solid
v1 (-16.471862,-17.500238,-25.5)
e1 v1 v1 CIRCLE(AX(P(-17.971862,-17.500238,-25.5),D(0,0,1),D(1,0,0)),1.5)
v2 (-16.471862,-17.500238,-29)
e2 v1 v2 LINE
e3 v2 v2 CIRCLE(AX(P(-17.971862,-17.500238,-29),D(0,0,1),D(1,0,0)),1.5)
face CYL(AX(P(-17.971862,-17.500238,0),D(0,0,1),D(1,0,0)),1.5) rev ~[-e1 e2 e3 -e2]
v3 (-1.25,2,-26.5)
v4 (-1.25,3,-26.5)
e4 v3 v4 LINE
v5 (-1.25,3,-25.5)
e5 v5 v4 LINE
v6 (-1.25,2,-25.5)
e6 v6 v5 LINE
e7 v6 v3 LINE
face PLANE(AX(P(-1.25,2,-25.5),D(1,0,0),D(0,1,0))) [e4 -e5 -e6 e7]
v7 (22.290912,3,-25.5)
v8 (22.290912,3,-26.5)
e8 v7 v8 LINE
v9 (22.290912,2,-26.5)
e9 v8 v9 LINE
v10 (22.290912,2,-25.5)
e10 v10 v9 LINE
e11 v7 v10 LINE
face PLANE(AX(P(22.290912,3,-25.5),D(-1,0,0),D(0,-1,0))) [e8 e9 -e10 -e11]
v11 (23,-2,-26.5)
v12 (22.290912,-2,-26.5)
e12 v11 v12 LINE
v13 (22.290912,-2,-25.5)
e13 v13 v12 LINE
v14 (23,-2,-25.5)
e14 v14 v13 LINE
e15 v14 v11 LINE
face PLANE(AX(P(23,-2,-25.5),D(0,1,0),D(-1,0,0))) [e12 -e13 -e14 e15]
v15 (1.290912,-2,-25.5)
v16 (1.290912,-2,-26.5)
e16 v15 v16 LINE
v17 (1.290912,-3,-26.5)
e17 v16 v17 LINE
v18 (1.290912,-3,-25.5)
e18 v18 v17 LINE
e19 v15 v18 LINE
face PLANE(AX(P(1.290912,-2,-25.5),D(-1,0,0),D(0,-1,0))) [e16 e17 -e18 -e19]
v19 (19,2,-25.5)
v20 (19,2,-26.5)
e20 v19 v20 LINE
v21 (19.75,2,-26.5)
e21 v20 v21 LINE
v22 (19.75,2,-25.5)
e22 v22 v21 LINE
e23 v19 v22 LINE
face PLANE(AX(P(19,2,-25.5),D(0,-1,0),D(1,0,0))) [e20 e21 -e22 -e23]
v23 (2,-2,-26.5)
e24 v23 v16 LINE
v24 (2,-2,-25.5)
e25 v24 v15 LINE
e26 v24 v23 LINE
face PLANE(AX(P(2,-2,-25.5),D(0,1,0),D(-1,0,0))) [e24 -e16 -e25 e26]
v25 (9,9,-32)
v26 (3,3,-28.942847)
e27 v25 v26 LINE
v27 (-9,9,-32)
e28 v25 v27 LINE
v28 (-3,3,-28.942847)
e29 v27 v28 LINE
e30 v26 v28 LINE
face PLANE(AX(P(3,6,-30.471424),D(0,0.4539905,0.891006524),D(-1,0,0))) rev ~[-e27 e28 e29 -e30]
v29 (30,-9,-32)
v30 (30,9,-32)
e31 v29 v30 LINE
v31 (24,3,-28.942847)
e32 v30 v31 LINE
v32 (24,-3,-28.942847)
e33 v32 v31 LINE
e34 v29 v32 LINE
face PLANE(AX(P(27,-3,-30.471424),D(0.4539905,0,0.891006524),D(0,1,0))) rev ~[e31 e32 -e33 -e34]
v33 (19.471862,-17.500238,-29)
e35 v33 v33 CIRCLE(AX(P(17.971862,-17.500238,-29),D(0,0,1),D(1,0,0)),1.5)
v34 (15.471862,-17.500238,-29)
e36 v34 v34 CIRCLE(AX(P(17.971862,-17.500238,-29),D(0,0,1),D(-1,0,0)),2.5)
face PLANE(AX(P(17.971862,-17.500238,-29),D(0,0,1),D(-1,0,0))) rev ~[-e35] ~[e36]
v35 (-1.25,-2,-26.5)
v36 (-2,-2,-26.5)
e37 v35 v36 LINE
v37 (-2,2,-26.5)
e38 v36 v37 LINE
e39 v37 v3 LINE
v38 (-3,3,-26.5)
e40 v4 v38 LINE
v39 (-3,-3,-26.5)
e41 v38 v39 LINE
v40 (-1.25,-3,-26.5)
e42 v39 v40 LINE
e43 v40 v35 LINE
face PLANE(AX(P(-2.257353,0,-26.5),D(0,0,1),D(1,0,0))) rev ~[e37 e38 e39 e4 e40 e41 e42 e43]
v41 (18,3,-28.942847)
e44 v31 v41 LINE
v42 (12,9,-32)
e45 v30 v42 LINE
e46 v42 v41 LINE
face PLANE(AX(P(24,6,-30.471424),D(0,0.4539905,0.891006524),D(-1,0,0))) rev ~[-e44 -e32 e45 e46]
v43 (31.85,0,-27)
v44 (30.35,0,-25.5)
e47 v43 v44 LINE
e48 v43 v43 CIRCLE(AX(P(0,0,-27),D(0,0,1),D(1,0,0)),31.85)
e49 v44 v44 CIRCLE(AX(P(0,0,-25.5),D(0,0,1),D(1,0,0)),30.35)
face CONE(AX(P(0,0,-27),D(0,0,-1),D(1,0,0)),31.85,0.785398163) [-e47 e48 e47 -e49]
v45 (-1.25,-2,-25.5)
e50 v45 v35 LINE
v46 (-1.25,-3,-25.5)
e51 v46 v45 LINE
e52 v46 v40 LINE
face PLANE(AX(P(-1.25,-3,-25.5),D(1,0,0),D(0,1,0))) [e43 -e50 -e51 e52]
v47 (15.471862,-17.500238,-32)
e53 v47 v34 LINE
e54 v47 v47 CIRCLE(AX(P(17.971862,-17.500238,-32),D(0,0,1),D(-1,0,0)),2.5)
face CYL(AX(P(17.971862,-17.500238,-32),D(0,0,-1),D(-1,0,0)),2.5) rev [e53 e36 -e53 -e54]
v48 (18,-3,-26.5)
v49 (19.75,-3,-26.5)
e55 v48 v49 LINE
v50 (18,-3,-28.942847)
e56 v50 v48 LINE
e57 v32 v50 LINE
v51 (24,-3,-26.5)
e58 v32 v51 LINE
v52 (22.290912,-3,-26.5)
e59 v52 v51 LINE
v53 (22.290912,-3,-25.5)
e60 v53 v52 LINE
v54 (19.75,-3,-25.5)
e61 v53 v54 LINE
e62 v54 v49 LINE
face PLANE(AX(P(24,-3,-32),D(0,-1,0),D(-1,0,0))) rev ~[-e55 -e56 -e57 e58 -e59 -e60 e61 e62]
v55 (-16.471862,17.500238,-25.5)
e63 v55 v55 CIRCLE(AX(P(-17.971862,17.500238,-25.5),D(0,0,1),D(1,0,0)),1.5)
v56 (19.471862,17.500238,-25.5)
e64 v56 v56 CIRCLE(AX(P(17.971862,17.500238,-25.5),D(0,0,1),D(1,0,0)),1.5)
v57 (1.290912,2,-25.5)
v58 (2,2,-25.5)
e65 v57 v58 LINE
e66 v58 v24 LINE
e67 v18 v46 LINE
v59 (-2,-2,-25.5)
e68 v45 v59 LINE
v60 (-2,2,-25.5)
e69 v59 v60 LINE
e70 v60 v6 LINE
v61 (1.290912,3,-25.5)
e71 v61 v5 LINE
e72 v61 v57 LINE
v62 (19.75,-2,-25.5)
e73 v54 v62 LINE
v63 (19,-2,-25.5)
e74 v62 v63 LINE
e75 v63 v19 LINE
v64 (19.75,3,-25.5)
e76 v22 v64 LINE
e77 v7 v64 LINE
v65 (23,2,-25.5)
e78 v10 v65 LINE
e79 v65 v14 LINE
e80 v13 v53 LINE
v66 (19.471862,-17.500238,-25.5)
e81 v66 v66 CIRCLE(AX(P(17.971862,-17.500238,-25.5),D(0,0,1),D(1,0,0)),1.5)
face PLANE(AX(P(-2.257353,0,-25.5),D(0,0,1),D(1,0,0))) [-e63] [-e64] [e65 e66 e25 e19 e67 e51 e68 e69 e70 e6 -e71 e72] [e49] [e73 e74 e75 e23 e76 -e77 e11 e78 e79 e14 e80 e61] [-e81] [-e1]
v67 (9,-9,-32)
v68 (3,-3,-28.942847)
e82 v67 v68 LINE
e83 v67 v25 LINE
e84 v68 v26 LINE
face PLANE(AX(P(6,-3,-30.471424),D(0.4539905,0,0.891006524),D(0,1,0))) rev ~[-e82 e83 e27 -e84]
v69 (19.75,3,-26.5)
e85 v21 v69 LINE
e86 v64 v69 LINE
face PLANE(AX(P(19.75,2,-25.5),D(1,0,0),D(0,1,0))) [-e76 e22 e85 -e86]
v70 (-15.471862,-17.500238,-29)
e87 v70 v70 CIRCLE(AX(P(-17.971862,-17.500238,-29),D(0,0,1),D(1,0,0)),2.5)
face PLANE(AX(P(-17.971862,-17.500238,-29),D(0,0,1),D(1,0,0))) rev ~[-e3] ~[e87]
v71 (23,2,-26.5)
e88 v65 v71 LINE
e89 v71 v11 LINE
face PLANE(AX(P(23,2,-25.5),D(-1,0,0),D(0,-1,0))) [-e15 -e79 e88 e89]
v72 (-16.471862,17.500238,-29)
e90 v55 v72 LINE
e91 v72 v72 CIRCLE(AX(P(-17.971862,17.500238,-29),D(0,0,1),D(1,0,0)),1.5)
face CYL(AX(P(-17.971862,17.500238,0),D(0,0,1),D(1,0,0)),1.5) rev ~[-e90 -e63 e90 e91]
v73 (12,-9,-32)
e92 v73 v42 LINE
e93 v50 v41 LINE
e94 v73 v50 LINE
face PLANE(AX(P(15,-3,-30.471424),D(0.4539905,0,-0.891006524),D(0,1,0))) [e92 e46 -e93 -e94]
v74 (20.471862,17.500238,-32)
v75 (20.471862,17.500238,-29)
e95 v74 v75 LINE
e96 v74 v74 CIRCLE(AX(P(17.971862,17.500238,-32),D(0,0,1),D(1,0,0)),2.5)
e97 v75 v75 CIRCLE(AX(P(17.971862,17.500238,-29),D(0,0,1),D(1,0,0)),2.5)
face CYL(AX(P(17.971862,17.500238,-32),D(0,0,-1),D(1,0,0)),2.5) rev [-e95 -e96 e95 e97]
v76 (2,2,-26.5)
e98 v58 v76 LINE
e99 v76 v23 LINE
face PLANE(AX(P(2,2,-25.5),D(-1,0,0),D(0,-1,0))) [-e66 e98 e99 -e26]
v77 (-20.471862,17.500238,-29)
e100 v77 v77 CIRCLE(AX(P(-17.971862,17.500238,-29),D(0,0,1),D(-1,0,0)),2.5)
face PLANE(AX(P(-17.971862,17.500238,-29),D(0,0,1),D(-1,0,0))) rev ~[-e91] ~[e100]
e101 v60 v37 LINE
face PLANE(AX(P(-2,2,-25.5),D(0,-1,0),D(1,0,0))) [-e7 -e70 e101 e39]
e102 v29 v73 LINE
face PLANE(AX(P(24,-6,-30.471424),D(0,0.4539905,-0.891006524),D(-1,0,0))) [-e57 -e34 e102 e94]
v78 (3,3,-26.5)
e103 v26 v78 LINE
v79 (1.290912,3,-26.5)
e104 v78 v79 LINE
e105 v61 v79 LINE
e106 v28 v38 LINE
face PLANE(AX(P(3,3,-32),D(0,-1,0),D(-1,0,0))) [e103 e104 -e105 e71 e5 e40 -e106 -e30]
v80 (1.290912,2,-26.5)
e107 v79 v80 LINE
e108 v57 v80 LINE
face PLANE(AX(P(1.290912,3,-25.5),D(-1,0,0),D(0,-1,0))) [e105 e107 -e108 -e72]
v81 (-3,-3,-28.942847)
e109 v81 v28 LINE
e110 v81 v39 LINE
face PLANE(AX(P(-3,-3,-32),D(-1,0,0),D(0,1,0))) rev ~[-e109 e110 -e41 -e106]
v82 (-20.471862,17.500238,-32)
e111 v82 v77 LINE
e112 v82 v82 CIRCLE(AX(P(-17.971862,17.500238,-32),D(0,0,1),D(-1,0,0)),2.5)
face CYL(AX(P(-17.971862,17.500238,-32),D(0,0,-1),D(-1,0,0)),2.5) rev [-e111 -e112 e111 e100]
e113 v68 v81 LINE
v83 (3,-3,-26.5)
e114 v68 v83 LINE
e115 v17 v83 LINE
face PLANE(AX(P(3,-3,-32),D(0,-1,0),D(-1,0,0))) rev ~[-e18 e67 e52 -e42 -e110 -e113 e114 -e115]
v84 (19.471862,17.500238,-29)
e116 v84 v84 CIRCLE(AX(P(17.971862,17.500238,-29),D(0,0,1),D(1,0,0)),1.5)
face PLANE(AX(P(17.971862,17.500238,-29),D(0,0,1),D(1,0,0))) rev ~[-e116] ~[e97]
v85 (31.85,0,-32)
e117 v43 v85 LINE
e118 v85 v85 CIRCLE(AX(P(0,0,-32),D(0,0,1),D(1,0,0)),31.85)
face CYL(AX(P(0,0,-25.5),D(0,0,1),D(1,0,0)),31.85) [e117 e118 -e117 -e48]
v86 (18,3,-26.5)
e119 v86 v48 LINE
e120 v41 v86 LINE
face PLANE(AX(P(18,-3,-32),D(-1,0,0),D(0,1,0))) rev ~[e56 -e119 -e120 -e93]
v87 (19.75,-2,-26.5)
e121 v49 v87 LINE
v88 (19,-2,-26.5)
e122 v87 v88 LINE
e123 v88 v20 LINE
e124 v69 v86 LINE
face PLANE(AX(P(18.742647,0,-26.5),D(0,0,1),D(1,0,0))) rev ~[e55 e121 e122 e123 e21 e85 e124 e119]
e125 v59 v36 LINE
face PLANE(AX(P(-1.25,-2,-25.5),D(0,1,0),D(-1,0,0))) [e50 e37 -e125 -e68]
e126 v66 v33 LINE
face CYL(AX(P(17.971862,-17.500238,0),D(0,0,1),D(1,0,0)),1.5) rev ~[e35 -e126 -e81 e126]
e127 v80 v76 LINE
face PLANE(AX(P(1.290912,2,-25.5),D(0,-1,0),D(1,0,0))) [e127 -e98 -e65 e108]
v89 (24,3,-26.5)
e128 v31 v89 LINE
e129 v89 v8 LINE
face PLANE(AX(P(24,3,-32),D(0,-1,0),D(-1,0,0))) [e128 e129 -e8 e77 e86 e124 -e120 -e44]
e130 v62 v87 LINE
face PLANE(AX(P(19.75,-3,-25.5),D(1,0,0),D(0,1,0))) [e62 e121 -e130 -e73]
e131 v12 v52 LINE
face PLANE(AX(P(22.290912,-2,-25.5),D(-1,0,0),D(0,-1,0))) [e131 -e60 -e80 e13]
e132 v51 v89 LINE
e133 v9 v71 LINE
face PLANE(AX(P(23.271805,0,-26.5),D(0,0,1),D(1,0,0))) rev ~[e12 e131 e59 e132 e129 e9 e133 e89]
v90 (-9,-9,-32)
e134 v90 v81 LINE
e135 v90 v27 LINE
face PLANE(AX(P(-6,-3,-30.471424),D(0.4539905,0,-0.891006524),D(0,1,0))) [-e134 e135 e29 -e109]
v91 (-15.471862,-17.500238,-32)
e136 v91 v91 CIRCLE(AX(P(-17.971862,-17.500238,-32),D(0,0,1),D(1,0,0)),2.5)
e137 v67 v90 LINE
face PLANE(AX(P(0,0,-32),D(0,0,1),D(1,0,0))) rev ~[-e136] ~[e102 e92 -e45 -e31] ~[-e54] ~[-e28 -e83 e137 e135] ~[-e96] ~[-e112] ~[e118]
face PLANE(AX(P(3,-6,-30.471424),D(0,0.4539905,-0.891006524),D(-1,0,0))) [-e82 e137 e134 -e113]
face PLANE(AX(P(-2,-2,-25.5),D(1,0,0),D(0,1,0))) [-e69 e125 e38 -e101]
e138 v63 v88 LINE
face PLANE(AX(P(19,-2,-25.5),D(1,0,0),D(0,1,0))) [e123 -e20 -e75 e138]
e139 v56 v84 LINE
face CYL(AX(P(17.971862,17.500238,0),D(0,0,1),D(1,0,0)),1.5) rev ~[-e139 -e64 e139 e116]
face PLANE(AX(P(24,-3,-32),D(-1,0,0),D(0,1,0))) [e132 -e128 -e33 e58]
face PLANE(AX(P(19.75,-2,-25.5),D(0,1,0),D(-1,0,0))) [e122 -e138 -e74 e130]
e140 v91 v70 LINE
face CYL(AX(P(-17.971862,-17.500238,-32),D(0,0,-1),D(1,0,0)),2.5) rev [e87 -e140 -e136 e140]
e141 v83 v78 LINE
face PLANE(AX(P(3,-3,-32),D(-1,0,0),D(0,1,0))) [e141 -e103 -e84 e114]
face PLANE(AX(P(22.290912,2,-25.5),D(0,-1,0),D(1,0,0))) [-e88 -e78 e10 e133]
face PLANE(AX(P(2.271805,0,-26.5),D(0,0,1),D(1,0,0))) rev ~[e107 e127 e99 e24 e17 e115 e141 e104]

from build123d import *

# Parameters (mm, degrees)
SKETCH2_R           = 31.85
BOSS_EXTRUDE1_DEPTH = 6.5
SKETCH3_W           = 6
SKETCH3_H           = 6
CUT_EXTRUDE1_DEPTH  = 6.5
CHAMFER1_SIZE       = 6
CHAMFER1_SIZE2      = 3.057152697
SKETCH5_R           = 1.5
CUT_EXTRUDE2_DEPTH  = 56.252556502
SKETCH6_R           = 2.5
CUT_EXTRUDE3_DEPTH  = 3
CHAMFER3_SIZE       = 1.5
BOSS_EXTRUDE2_DEPTH = 1


with BuildPart() as part:
    # Sketch2 → Boss-Extrude1 (new body)
    with BuildSketch(Plane.XY.offset(-25.5)):
        Circle(SKETCH2_R)
    extrude(amount=-BOSS_EXTRUDE1_DEPTH)

    # Sketch3 → Cut-Extrude1 (cut)
    with BuildSketch(Plane(origin=(0, 0, -32), x_dir=(-1, 0, 0), z_dir=(0, 0, -1))):
        with Locations((-21, 0)):
            Rectangle(SKETCH3_W, SKETCH3_H)
        Rectangle(SKETCH3_W, SKETCH3_H)
    extrude(amount=-CUT_EXTRUDE1_DEPTH, mode=Mode.SUBTRACT)

    # Chamfer1
    chamfer1_edges = [part.edges().sort_by_distance(p)[0] for p in [
        (3, 0, -32),
        (0, -3, -32),
        (-3, 0, -32),
        (0, 3, -32),
        (24, 0, -32),
        (21, -3, -32),
        (18, 0, -32),
        (21, 3, -32),
    ]]
    chamfer1_side = [part.faces().sort_by_distance(p)[0] for p in [
        (-30.949145961, 0, -32),
    ]]
    chamfer(chamfer1_edges, length=CHAMFER1_SIZE, length2=CHAMFER1_SIZE2, reference=chamfer1_side[0])

    # Sketch5 → Cut-Extrude2 (cut, through all)
    with BuildSketch(Plane.XY):
        with Locations((-17.971861544, -17.500238124)):
            Circle(SKETCH5_R)
        with Locations((17.971861544, -17.500238124)):
            Circle(SKETCH5_R)
        with Locations((17.971861544, 17.500238124)):
            Circle(SKETCH5_R)
        with Locations((-17.971861544, 17.500238124)):
            Circle(SKETCH5_R)
    extrude(amount=-CUT_EXTRUDE2_DEPTH, mode=Mode.SUBTRACT)

    # Sketch6 → Cut-Extrude3 (cut)
    with BuildSketch(Plane.XY.offset(-32)):
        with Locations((-17.971861544, -17.500238124)):
            Circle(SKETCH6_R)
        with Locations(Location((17.971861544, -17.500238124, 0), (0, 0, 180))):
            Circle(SKETCH6_R)
        with Locations((17.971861544, 17.500238124)):
            Circle(SKETCH6_R)
        with Locations(Location((-17.971861544, 17.500238124, 0), (0, 0, 180))):
            Circle(SKETCH6_R)
    extrude(amount=CUT_EXTRUDE3_DEPTH, mode=Mode.SUBTRACT)

    # Chamfer3
    chamfer3_edges = [part.edges().sort_by_distance(p)[0] for p in [
        (-31.85, 0, -25.5),
    ]]
    chamfer(chamfer3_edges, length=CHAMFER3_SIZE)

    # Sketch7 → Boss-Extrude2 (add)
    with BuildSketch(Plane.XY.offset(-25.5)):
        Polygon((-1.25, -2), (-2, -2), (-2, 2), (-1.25, 2), (-1.25, 3), (-3, 3), (-3, -3), (-1.25, -3), align=None)
        Polygon((1.2909118, -3), (3, -3), (3, 3), (1.2909118, 3), (1.2909118, 2), (2, 2), (2, -2), (1.2909118, -2), align=None)
        Polygon((19.75, -2), (19, -2), (19, 2), (19.75, 2), (19.75, 3), (18, 3), (18, -3), (19.75, -3), align=None)
        Polygon((22.2909118, -3), (24, -3), (24, 3), (22.2909118, 3), (22.2909118, 2), (23, 2), (23, -2), (22.2909118, -2), align=None)
    extrude(amount=-BOSS_EXTRUDE2_DEPTH)


solid = part.part
